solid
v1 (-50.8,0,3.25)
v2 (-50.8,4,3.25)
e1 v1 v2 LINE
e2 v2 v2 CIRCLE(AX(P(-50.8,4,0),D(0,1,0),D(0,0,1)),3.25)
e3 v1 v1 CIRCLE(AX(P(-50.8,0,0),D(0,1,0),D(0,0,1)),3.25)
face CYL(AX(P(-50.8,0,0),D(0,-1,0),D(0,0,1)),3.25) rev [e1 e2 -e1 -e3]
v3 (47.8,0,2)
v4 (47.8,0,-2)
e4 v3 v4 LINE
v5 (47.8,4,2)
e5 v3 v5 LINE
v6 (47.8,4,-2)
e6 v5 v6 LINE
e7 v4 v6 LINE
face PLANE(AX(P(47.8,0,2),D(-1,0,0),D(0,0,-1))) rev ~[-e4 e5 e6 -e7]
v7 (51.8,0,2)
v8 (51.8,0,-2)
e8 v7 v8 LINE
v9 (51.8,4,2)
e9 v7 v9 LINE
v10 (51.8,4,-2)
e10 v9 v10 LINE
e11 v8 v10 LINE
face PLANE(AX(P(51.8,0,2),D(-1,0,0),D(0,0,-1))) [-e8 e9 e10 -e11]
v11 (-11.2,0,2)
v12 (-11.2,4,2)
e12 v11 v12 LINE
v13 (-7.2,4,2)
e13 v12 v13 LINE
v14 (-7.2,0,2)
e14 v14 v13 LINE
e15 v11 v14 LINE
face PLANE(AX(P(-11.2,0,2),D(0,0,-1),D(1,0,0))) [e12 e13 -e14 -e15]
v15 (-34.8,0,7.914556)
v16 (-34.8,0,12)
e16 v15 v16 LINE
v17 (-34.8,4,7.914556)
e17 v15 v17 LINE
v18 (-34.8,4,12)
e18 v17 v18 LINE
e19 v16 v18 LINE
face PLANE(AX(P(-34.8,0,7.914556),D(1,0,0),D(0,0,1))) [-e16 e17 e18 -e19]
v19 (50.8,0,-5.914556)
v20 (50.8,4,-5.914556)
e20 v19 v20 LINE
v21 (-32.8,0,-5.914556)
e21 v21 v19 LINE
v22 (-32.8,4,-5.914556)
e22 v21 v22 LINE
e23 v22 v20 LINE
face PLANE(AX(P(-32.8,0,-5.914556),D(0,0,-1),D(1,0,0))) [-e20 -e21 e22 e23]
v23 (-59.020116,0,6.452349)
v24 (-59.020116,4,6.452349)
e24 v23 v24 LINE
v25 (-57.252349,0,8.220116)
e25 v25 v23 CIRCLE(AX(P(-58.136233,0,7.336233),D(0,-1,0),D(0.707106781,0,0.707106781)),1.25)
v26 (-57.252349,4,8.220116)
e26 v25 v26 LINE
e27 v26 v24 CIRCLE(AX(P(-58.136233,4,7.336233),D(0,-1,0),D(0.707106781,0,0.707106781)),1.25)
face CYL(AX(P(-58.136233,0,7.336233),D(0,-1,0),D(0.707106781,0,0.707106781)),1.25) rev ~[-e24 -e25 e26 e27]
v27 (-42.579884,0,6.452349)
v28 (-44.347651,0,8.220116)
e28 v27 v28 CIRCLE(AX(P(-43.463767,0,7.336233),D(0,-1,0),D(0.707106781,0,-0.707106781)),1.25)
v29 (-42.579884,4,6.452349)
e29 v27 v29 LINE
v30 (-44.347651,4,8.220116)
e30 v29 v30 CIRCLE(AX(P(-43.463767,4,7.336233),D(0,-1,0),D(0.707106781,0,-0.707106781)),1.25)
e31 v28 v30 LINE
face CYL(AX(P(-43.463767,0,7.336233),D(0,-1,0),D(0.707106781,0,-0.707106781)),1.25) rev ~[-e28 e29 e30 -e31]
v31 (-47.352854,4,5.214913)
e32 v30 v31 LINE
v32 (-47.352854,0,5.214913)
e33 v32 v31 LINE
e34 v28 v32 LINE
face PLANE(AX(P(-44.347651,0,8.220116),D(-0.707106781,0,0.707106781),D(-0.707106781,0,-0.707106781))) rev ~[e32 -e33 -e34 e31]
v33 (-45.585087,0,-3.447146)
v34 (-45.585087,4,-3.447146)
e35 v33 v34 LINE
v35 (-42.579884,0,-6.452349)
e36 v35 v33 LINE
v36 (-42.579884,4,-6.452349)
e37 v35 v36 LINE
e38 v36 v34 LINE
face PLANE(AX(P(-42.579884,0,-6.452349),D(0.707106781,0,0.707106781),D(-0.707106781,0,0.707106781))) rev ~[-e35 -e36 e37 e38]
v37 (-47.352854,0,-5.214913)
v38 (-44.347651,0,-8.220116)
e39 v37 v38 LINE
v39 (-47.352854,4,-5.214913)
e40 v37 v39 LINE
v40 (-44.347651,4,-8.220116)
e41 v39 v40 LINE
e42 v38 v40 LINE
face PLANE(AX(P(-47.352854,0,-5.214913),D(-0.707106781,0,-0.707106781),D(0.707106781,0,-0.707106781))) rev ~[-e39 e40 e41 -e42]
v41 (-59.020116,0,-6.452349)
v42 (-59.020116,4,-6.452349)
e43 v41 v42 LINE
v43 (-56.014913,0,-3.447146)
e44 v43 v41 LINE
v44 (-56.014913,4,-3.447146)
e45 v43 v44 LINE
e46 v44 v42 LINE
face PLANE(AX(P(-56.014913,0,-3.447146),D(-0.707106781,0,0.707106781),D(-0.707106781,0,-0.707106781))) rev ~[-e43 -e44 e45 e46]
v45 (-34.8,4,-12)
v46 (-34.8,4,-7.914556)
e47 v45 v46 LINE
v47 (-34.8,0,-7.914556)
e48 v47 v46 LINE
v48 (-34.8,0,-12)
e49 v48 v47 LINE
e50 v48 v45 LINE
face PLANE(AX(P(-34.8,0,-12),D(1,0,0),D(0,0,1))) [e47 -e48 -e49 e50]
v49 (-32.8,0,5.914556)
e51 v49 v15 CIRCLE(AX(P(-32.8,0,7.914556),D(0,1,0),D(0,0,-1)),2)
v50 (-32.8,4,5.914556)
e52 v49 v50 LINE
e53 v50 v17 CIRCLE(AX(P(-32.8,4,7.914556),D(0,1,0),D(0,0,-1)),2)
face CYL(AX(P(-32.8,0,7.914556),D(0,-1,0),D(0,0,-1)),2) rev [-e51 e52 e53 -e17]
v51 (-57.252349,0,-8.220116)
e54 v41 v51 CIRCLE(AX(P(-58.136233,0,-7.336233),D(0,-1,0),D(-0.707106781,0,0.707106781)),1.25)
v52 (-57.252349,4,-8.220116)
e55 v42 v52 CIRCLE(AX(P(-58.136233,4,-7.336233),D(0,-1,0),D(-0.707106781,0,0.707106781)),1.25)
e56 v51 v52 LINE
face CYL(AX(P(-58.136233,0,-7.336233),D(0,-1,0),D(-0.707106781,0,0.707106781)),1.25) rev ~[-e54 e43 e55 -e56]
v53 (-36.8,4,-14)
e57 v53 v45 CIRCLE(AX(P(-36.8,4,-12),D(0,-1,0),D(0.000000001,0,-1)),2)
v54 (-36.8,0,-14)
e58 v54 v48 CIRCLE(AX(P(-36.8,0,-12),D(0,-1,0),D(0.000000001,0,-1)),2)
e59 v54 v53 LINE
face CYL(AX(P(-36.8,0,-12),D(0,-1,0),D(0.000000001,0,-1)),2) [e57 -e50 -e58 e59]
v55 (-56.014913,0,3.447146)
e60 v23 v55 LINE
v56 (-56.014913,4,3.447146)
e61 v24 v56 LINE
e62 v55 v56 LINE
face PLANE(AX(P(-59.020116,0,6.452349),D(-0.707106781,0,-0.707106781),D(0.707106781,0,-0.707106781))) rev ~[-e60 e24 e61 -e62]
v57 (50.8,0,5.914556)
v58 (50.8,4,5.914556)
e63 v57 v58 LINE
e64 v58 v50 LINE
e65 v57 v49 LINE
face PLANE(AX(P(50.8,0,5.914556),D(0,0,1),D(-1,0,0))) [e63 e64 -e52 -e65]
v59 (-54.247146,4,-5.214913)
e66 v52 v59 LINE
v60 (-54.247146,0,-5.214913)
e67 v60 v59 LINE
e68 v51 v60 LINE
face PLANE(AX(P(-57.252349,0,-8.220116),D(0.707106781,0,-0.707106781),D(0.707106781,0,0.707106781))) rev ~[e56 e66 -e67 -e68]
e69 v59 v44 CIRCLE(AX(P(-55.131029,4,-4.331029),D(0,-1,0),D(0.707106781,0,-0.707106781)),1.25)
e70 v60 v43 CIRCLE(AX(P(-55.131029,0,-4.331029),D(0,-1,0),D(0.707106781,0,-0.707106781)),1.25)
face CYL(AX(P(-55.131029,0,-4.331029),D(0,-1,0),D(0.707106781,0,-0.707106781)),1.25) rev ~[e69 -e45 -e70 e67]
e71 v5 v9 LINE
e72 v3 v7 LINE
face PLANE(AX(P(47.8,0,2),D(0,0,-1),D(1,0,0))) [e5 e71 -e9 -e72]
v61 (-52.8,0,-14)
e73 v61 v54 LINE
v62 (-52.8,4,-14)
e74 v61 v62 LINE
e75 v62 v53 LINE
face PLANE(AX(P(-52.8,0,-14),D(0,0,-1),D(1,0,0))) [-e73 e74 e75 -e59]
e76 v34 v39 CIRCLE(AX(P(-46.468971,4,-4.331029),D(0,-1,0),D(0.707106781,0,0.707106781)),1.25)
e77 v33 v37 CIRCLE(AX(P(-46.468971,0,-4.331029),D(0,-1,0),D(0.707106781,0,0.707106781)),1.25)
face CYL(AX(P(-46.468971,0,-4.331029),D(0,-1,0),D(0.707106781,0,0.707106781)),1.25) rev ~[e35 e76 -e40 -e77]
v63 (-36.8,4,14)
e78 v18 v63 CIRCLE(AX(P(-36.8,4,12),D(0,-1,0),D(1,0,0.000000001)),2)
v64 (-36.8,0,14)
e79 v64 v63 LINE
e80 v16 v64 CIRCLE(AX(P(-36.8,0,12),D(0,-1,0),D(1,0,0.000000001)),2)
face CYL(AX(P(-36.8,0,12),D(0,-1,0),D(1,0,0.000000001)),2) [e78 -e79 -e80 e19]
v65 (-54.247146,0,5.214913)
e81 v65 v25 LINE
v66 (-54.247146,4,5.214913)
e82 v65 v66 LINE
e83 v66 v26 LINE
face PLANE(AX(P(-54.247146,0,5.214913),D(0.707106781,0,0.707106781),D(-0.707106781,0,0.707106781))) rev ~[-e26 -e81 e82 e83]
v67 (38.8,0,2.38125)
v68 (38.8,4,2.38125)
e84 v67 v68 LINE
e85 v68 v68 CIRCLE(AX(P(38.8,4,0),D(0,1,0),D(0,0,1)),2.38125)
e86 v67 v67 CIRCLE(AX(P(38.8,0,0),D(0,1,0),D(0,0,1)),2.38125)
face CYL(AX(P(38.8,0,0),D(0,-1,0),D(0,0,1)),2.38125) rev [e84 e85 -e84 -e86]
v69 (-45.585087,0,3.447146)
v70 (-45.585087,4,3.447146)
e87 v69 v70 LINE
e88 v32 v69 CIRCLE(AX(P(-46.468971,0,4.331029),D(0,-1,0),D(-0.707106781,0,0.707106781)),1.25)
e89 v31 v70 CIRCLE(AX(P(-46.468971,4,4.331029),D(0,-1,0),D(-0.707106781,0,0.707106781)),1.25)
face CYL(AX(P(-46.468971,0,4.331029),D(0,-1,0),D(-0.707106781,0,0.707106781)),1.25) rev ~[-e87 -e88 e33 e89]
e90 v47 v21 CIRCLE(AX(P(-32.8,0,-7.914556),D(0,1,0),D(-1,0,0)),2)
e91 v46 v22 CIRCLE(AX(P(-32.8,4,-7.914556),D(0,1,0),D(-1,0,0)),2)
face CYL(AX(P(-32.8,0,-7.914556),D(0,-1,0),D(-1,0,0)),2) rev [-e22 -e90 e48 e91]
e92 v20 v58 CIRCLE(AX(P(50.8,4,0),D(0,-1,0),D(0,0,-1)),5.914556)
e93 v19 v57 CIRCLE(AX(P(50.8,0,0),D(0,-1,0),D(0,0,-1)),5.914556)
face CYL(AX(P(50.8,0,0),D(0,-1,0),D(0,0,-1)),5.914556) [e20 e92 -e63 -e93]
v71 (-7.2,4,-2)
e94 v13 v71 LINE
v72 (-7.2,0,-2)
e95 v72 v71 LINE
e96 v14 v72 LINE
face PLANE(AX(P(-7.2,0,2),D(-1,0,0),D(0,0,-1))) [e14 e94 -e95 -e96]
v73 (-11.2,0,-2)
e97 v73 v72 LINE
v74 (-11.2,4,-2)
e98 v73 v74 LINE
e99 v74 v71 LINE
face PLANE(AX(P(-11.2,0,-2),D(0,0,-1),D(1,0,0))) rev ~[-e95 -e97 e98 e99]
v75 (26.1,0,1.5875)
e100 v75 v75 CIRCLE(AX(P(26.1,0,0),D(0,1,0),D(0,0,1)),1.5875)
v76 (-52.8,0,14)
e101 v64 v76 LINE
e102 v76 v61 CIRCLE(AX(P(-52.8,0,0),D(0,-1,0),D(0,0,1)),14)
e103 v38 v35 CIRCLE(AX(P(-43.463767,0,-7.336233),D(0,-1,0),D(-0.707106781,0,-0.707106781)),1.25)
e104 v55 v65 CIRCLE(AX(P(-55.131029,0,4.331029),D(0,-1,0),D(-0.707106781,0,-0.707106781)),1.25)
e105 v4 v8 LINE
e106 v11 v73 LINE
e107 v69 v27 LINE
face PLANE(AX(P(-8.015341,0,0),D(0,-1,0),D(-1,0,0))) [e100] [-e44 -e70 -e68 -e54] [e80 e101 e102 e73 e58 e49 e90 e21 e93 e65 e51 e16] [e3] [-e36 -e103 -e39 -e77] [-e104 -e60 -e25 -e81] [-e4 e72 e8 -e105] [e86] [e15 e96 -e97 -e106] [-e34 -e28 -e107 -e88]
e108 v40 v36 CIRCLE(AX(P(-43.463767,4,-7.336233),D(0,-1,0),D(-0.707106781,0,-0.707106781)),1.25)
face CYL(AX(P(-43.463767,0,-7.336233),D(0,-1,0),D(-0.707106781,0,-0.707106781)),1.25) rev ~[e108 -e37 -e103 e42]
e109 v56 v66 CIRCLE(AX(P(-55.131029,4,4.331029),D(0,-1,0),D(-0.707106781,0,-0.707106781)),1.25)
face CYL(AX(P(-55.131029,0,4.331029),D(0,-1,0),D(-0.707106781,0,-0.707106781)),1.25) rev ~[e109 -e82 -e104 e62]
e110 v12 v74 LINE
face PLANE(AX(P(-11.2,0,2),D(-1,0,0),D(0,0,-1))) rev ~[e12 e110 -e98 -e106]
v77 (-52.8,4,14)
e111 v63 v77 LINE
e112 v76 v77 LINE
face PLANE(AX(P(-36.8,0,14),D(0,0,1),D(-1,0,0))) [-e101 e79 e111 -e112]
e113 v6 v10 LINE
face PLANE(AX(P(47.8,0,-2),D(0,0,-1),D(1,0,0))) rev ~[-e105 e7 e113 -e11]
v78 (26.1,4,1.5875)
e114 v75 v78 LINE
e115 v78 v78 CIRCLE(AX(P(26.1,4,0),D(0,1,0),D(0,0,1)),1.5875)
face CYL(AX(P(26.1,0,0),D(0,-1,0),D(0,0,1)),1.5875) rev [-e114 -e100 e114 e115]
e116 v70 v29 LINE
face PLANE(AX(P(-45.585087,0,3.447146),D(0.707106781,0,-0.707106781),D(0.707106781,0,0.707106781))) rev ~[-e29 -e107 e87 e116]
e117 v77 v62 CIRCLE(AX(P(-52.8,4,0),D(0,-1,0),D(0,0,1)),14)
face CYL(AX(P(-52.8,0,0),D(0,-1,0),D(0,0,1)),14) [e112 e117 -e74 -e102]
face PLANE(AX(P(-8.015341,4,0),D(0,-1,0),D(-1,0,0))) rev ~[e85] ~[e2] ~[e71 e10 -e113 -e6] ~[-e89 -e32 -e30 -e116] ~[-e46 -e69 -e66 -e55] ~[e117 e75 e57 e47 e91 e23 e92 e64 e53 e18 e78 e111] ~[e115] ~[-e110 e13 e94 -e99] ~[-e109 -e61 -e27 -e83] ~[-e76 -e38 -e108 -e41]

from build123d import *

# Parameters (mm, degrees)
SKETCH1_R           = 3.25
SKETCH1_R_2         = 2.38125
SKETCH1_R_3         = 1.5875
SKETCH1_W           = 4
SKETCH1_H           = 4
BOSS_EXTRUDE1_DEPTH = 4


with BuildPart() as part:
    # Sketch1 → Boss-Extrude1 (new body)
    with BuildSketch(Plane(origin=(0, 0, 0), x_dir=(1, 0, 0), z_dir=(0, 1, 0))):
        with BuildLine():
            Line((-50.8, 14), (-36.8, 14))
            ThreePointArc((-36.8, 14), (-35.385786438, 13.414213562), (-34.8, 12))
            Line((-34.8, 12), (-34.8, 7.914556152))
            ThreePointArc((-34.8, 7.914556152), (-34.214213562, 6.500342589), (-32.8, 5.914556152))
            Line((-32.8, 5.914556152), (50.8, 5.914556152))
            ThreePointArc((50.8, 5.914556152), (56.714556152, 0), (50.8, -5.914556152))
            Line((50.8, -5.914556152), (-32.8, -5.914556152))
            ThreePointArc((-32.8, -5.914556152), (-34.214213562, -6.500342589), (-34.8, -7.914556152))
            Line((-34.8, -7.914556152), (-34.8, -12))
            ThreePointArc((-34.8, -12), (-35.385786438, -13.414213562), (-36.8, -14))
            Line((-36.8, -14), (-50.8, -14))
            Line((-50.8, -14), (-52.8, -14))
            ThreePointArc((-52.8, -14), (-66.8, 0), (-52.8, 14))
            Line((-52.8, 14), (-50.8, 14))
        make_face()
        with Locations(Location((-50.8, 0, 0), (0, 0, 270))):
            Circle(SKETCH1_R, mode=Mode.SUBTRACT)
        with Locations(Location((38.8, 0, 0), (0, 0, 270))):
            Circle(SKETCH1_R_2, mode=Mode.SUBTRACT)
        with Locations(Location((26.1, 0, 0), (0, 0, 270))):
            Circle(SKETCH1_R_3, mode=Mode.SUBTRACT)
        with BuildLine():
            Line((-57.252349378, 8.220116331), (-54.247145558, 5.214912511))
            ThreePointArc((-54.247145558, 5.214912511), (-54.247145558, 3.447145558), (-56.014912511, 3.447145558))
            Line((-56.014912511, 3.447145558), (-59.020116331, 6.452349378))
            ThreePointArc((-59.020116331, 6.452349378), (-59.020116331, 8.220116331), (-57.252349378, 8.220116331))
        make_face(mode=Mode.SUBTRACT)
        with BuildLine():
            Line((-42.579883669, 6.452349378), (-45.585087489, 3.447145558))
            ThreePointArc((-45.585087489, 3.447145558), (-47.352854442, 3.447145558), (-47.352854442, 5.214912511))
            Line((-47.352854442, 5.214912511), (-44.347650622, 8.220116331))
            ThreePointArc((-44.347650622, 8.220116331), (-42.579883669, 8.220116331), (-42.579883669, 6.452349378))
        make_face(mode=Mode.SUBTRACT)
        with BuildLine():
            Line((-44.347650622, -8.220116331), (-47.352854442, -5.214912511))
            ThreePointArc((-47.352854442, -5.214912511), (-47.352854442, -3.447145558), (-45.585087489, -3.447145558))
            Line((-45.585087489, -3.447145558), (-42.579883669, -6.452349378))
            ThreePointArc((-42.579883669, -6.452349378), (-42.579883669, -8.220116331), (-44.347650622, -8.220116331))
        make_face(mode=Mode.SUBTRACT)
        with BuildLine():
            Line((-59.020116331, -6.452349378), (-56.014912511, -3.447145558))
            ThreePointArc((-56.014912511, -3.447145558), (-54.247145558, -3.447145558), (-54.247145558, -5.214912511))
            Line((-54.247145558, -5.214912511), (-57.252349378, -8.220116331))
            ThreePointArc((-57.252349378, -8.220116331), (-59.020116331, -8.220116331), (-59.020116331, -6.452349378))
        make_face(mode=Mode.SUBTRACT)
        with Locations((49.8, 0)):
            Rectangle(SKETCH1_W, SKETCH1_H, mode=Mode.SUBTRACT)
        with Locations((-9.2, 0)):
            Rectangle(SKETCH1_W, SKETCH1_H, mode=Mode.SUBTRACT)
    extrude(amount=BOSS_EXTRUDE1_DEPTH)


solid = part.part
